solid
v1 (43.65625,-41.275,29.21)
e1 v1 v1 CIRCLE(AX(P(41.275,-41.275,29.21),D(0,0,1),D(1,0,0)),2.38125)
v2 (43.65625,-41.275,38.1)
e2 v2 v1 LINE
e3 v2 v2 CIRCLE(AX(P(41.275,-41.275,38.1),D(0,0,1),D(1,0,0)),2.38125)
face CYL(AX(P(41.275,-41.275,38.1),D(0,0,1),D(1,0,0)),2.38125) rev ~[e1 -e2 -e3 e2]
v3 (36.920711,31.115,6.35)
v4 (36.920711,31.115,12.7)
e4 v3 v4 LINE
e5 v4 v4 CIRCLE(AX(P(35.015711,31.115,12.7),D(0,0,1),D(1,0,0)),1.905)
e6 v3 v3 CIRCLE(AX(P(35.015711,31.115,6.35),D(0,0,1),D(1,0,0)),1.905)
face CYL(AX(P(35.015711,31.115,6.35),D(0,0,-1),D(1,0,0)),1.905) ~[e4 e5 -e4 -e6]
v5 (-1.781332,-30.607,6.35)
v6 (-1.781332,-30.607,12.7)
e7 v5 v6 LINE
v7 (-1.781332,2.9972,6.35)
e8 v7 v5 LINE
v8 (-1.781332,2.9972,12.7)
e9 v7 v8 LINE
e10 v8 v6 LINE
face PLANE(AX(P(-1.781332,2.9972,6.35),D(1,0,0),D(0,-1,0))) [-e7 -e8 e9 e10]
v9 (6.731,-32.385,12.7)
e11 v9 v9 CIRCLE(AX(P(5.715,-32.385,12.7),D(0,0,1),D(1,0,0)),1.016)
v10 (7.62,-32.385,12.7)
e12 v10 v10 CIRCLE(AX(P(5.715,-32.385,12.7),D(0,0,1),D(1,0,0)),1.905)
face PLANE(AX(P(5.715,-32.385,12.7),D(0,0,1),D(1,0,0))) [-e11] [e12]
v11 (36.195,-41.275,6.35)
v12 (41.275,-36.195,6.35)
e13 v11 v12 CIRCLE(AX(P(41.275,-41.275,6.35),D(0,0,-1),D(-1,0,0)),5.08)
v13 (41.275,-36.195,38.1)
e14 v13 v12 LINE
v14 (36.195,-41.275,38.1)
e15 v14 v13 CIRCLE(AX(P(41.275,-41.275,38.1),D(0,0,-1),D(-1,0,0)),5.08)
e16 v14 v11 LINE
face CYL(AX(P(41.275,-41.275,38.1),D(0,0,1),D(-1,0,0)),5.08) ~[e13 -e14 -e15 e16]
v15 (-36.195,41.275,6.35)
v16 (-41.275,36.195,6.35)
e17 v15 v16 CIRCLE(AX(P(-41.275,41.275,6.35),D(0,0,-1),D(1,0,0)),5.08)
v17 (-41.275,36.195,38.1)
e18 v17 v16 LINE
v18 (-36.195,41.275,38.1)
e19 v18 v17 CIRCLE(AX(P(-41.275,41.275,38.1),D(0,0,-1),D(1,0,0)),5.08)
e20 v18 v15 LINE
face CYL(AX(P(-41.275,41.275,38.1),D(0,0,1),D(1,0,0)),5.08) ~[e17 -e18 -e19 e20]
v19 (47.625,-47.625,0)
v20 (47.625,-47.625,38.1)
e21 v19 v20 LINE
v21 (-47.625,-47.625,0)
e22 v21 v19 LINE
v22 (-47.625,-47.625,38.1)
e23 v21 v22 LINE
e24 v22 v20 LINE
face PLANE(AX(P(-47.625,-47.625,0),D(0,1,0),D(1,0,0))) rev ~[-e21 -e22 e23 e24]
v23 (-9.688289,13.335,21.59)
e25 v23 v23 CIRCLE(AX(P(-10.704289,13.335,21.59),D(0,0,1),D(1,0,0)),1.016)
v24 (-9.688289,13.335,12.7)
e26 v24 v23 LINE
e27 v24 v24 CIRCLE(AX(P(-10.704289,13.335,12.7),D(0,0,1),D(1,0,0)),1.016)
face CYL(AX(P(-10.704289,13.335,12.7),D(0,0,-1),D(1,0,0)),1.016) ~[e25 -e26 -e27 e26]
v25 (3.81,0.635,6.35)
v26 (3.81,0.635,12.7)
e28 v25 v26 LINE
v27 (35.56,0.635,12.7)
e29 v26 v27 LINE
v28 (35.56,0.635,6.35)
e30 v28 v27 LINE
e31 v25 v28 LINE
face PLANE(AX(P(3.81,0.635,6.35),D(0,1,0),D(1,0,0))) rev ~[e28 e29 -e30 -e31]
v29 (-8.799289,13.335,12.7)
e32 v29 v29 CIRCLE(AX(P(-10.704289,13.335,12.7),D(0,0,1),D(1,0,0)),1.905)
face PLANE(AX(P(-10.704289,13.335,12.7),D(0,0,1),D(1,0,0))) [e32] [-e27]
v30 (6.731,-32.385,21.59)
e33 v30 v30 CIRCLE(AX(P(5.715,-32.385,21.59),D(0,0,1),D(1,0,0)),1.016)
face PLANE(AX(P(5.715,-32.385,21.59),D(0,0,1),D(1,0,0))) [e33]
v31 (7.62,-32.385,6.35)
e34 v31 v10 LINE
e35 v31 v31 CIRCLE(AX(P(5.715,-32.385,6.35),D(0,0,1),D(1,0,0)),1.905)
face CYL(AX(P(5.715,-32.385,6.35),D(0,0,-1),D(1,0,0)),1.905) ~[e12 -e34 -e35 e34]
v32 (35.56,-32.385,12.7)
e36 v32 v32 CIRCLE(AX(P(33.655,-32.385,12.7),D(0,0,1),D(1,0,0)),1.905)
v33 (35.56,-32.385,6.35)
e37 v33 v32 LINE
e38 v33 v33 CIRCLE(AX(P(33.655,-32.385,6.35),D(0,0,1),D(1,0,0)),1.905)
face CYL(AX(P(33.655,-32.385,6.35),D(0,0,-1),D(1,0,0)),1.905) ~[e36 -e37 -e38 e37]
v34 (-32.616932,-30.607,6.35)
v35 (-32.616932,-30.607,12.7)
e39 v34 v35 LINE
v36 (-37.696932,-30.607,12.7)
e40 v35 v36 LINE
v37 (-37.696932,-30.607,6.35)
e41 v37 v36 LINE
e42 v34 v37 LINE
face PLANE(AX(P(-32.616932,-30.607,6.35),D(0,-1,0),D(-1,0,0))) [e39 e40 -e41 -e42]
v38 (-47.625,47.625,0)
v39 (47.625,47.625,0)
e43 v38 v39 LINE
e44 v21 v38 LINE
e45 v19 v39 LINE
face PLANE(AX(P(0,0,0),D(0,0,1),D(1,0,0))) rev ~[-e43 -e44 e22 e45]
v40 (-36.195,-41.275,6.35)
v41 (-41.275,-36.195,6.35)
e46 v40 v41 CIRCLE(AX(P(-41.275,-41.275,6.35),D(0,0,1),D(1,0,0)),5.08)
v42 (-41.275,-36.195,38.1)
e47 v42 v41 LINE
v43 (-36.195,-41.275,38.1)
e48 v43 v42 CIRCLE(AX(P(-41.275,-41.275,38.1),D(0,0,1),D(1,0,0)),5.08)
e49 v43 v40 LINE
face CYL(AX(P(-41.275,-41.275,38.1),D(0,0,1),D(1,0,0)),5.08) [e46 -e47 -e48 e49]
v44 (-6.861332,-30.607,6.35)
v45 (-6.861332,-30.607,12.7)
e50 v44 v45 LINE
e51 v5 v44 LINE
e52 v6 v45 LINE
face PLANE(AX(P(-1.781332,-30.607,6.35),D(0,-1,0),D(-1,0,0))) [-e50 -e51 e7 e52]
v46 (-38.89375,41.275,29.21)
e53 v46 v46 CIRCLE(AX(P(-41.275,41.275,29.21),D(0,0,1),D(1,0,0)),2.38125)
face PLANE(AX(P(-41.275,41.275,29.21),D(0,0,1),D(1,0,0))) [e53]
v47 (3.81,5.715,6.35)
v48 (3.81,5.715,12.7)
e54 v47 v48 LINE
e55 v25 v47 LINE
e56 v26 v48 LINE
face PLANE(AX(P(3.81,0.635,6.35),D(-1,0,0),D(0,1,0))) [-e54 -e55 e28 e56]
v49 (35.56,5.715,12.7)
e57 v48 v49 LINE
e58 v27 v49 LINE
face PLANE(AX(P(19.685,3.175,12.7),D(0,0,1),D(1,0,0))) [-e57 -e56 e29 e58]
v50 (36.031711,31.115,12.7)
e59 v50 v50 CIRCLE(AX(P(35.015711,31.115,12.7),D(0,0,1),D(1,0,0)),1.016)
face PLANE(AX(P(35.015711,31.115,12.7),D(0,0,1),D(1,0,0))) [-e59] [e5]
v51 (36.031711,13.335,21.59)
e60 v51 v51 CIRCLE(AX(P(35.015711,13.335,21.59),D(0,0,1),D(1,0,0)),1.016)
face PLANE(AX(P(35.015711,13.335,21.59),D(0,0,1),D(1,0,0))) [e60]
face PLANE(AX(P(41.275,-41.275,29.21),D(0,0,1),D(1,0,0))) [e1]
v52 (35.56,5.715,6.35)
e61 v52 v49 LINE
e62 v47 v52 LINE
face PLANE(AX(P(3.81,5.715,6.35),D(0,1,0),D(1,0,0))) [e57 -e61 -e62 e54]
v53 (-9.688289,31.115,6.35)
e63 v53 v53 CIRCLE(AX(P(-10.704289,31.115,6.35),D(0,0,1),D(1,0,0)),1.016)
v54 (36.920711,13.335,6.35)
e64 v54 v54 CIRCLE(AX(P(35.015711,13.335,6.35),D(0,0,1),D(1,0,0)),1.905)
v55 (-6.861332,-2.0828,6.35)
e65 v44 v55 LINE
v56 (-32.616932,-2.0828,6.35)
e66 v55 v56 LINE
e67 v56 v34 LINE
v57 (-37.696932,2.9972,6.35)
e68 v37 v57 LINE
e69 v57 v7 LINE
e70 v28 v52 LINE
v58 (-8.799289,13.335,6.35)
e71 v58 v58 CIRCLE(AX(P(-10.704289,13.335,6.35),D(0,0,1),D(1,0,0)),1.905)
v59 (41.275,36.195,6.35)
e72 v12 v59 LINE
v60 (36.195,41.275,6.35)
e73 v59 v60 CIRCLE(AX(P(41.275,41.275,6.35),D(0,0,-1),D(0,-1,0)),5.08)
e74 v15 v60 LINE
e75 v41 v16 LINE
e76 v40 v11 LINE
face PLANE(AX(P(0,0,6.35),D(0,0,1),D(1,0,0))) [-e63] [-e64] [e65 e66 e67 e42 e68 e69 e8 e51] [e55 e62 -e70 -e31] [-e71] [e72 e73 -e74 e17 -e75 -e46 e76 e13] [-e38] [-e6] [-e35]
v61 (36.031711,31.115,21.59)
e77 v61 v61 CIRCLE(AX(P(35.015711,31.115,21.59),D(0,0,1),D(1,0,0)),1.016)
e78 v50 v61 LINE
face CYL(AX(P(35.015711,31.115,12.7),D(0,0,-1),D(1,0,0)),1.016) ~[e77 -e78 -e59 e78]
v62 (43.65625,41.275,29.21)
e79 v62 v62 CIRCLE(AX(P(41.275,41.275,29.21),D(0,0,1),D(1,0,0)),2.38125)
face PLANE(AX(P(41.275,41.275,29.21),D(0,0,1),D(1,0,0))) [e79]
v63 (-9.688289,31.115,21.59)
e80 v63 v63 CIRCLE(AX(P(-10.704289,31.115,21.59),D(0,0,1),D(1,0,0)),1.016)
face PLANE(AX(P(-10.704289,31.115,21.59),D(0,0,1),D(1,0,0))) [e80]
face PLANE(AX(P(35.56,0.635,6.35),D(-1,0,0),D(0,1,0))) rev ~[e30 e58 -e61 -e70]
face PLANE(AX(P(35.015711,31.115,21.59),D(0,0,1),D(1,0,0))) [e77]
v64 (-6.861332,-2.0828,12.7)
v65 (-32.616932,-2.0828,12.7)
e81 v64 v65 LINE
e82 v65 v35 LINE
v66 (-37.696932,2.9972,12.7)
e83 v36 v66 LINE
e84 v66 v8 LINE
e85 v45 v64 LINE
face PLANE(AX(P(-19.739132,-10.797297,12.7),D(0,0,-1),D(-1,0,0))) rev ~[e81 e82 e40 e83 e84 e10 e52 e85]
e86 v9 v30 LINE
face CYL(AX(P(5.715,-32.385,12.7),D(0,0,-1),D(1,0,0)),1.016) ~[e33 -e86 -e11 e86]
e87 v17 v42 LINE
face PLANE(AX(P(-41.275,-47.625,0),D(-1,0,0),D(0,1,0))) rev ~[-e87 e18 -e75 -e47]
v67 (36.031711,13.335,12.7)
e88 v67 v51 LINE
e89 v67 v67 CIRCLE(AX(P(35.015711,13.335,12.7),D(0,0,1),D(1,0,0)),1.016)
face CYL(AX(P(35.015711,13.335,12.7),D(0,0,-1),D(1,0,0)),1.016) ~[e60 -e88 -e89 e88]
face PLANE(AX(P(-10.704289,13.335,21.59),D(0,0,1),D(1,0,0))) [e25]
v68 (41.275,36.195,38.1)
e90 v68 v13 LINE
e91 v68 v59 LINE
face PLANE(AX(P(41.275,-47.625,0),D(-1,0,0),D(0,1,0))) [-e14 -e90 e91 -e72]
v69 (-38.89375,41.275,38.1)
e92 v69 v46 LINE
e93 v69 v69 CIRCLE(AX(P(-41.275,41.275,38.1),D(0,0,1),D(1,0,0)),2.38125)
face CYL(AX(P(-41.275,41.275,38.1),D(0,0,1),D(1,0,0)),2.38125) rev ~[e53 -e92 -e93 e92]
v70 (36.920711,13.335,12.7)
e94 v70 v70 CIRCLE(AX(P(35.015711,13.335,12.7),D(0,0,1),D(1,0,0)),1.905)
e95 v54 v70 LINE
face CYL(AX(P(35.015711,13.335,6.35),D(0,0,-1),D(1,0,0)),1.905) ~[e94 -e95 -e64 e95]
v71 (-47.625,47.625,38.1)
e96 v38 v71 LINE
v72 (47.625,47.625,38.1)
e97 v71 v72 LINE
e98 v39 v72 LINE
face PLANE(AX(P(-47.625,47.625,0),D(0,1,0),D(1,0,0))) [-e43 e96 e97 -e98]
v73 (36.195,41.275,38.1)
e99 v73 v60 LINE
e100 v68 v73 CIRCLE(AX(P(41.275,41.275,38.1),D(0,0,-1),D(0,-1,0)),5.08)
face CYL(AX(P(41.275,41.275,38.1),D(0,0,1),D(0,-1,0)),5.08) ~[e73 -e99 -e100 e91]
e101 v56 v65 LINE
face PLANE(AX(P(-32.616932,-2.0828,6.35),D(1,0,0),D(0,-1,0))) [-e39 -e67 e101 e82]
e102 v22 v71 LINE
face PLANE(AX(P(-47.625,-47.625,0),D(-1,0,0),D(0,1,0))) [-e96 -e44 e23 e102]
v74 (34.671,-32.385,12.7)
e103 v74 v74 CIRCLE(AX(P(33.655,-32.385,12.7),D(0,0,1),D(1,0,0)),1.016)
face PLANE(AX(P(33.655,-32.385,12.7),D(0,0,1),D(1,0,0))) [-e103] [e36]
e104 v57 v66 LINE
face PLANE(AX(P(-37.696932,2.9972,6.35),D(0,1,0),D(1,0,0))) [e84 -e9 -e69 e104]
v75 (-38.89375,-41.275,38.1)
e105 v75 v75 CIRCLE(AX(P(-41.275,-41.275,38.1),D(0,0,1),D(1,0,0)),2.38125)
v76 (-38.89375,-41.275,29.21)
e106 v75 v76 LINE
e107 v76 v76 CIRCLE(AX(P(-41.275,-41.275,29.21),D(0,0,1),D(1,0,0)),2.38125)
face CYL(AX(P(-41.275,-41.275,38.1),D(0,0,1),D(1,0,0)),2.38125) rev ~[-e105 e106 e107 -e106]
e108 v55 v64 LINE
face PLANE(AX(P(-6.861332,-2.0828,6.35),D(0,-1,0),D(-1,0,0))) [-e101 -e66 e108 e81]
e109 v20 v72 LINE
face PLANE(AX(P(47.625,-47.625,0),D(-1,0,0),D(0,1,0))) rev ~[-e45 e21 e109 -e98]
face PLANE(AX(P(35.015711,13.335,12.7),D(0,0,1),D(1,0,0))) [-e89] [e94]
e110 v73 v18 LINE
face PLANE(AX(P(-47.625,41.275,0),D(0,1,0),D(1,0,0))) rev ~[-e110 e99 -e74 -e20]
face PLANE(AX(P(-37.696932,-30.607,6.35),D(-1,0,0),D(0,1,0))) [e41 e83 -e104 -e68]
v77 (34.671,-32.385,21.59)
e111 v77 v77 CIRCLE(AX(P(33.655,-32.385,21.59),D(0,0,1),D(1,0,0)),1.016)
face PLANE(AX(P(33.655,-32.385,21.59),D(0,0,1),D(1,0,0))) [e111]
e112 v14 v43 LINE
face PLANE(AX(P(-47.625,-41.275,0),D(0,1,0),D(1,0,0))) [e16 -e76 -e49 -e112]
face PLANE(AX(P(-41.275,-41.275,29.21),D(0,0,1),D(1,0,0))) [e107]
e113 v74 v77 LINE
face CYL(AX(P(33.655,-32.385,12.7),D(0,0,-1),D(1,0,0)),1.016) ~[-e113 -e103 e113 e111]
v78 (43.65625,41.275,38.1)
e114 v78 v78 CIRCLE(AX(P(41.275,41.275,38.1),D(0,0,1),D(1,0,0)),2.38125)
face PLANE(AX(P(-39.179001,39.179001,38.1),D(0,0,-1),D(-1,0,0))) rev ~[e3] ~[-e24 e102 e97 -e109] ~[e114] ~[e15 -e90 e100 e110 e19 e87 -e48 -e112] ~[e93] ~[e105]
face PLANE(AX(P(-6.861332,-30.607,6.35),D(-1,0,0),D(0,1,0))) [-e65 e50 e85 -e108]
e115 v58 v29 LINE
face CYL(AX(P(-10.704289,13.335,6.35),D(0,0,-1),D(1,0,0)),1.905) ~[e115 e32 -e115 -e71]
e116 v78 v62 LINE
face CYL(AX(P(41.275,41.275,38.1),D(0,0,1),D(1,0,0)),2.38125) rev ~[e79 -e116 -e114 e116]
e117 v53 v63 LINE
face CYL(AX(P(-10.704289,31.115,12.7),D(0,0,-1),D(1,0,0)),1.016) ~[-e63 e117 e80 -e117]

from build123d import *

# Parameters (mm, degrees)
SKETCH1_W           = 95.25
SKETCH1_H           = 95.25
BOSS_EXTRUDE1_DEPTH = 38.1
SHELL1_T            = -6.35
BOSS_EXTRUDE2_DEPTH = 31.75
SKETCH3_R           = 1.905
SKETCH3_R_2         = 1.016
BOSS_EXTRUDE3_DEPTH = 6.35
SKETCH4_R           = 1.016
BOSS_EXTRUDE4_DEPTH = 8.89
SKETCH5_R           = 1.905
SKETCH5_W           = 31.75
SKETCH5_H           = 5.08
BOSS_EXTRUDE5_DEPTH = 6.35
SKETCH7_R           = 1.016
BOSS_EXTRUDE6_DEPTH = 8.89
SKETCH8_R           = 2.38125
CUT_EXTRUDE1_DEPTH  = 8.89
BOSS_EXTRUDE7_DEPTH = 6.35


with BuildPart() as part:
    # Sketch1 → Boss-Extrude1 (new body)
    with BuildSketch(Plane.XY):
        Rectangle(SKETCH1_W, SKETCH1_H)
    extrude(amount=BOSS_EXTRUDE1_DEPTH)

    # Shell1
    shell1_openings = [part.faces().sort_by_distance(p)[0] for p in [
        (0, 0, 38.1),
    ]]
    offset(amount=SHELL1_T, openings=shell1_openings, kind=Kind.INTERSECTION)

    # Sketch2 → Boss-Extrude2 (add)
    with BuildSketch(Plane.XY.offset(38.1)):
        with BuildLine():
            Line((-41.275, 41.275), (-36.195, 41.275))
            ThreePointArc((-36.195, 41.275), (-37.682897552, 37.682897552), (-41.275, 36.195))
            Line((-41.275, 36.195), (-41.275, 41.275))
        make_face()
        with BuildLine():
            Line((36.195, 41.275), (41.275, 41.275))
            Line((41.275, 41.275), (41.275, 36.195))
            ThreePointArc((41.275, 36.195), (37.682897552, 37.682897552), (36.195, 41.275))
        make_face()
        with BuildLine():
            Line((41.275, -36.195), (41.275, -41.275))
            Line((41.275, -41.275), (36.195, -41.275))
            ThreePointArc((36.195, -41.275), (37.682897552, -37.682897552), (41.275, -36.195))
        make_face()
        with BuildLine():
            Line((-41.275, -36.195), (-41.275, -41.275))
            Line((-41.275, -41.275), (-36.195, -41.275))
            ThreePointArc((-36.195, -41.275), (-37.682897552, -37.682897552), (-41.275, -36.195))
        make_face()
    extrude(amount=-BOSS_EXTRUDE2_DEPTH)

    # Sketch3 → Boss-Extrude3 (add)
    with BuildSketch(Plane.XY.offset(6.35)):
        with Locations((35.015710728, 31.115)):
            Circle(SKETCH3_R)
        with Locations((-10.704289272, 31.115)):
            Circle(SKETCH3_R_2)
        with Locations((-10.704289272, 13.335)):
            Circle(SKETCH3_R)
        with Locations((35.015710728, 13.335)):
            Circle(SKETCH3_R)
    extrude(amount=BOSS_EXTRUDE3_DEPTH)

    # Sketch4 → Boss-Extrude4 (add)
    with BuildSketch(Plane.XY.offset(12.7)):
        with Locations((-10.704289272, 31.115)):
            Circle(SKETCH4_R)
        with Locations((-10.704289272, 13.335)):
            Circle(SKETCH4_R)
        with Locations((35.015710728, 31.115)):
            Circle(SKETCH4_R)
        with Locations((35.015710728, 13.335)):
            Circle(SKETCH4_R)
    extrude(amount=BOSS_EXTRUDE4_DEPTH)

    # Sketch5 → Boss-Extrude5 (add)
    with BuildSketch(Plane.XY.offset(6.35)):
        with Locations((5.715, -32.385)):
            Circle(SKETCH5_R)
        with Locations((33.655, -32.385)):
            Circle(SKETCH5_R)
        with Locations((19.685, 3.175)):
            Rectangle(SKETCH5_W, SKETCH5_H)
    extrude(amount=BOSS_EXTRUDE5_DEPTH)

    # Sketch7 → Boss-Extrude6 (add)
    with BuildSketch(Plane.XY.offset(12.7)):
        with Locations((5.715, -32.385)):
            Circle(SKETCH7_R)
        with Locations((33.655, -32.385)):
            Circle(SKETCH7_R)
    extrude(amount=BOSS_EXTRUDE6_DEPTH)

    # Sketch8 → Cut-Extrude1 (cut)
    with BuildSketch(Plane.XY.offset(38.1)):
        with Locations((-41.275, 41.275)):
            Circle(SKETCH8_R)
        with Locations((41.275, 41.275)):
            Circle(SKETCH8_R)
        with Locations((41.275, -41.275)):
            Circle(SKETCH8_R)
        with Locations((-41.275, -41.275)):
            Circle(SKETCH8_R)
    extrude(amount=-CUT_EXTRUDE1_DEPTH, mode=Mode.SUBTRACT)

    # Sketch10 → Boss-Extrude7 (add)
    with BuildSketch(Plane.XY.offset(6.35)):
        Polygon((-37.696932409, -30.607), (-37.696932409, 2.9972), (-1.781332409, 2.9972), (-1.781332409, -30.607), (-6.861332409, -30.607), (-6.861332409, -2.0828), (-32.616932409, -2.0828), (-32.616932409, -30.607), align=None)
    extrude(amount=BOSS_EXTRUDE7_DEPTH)


solid = part.part
